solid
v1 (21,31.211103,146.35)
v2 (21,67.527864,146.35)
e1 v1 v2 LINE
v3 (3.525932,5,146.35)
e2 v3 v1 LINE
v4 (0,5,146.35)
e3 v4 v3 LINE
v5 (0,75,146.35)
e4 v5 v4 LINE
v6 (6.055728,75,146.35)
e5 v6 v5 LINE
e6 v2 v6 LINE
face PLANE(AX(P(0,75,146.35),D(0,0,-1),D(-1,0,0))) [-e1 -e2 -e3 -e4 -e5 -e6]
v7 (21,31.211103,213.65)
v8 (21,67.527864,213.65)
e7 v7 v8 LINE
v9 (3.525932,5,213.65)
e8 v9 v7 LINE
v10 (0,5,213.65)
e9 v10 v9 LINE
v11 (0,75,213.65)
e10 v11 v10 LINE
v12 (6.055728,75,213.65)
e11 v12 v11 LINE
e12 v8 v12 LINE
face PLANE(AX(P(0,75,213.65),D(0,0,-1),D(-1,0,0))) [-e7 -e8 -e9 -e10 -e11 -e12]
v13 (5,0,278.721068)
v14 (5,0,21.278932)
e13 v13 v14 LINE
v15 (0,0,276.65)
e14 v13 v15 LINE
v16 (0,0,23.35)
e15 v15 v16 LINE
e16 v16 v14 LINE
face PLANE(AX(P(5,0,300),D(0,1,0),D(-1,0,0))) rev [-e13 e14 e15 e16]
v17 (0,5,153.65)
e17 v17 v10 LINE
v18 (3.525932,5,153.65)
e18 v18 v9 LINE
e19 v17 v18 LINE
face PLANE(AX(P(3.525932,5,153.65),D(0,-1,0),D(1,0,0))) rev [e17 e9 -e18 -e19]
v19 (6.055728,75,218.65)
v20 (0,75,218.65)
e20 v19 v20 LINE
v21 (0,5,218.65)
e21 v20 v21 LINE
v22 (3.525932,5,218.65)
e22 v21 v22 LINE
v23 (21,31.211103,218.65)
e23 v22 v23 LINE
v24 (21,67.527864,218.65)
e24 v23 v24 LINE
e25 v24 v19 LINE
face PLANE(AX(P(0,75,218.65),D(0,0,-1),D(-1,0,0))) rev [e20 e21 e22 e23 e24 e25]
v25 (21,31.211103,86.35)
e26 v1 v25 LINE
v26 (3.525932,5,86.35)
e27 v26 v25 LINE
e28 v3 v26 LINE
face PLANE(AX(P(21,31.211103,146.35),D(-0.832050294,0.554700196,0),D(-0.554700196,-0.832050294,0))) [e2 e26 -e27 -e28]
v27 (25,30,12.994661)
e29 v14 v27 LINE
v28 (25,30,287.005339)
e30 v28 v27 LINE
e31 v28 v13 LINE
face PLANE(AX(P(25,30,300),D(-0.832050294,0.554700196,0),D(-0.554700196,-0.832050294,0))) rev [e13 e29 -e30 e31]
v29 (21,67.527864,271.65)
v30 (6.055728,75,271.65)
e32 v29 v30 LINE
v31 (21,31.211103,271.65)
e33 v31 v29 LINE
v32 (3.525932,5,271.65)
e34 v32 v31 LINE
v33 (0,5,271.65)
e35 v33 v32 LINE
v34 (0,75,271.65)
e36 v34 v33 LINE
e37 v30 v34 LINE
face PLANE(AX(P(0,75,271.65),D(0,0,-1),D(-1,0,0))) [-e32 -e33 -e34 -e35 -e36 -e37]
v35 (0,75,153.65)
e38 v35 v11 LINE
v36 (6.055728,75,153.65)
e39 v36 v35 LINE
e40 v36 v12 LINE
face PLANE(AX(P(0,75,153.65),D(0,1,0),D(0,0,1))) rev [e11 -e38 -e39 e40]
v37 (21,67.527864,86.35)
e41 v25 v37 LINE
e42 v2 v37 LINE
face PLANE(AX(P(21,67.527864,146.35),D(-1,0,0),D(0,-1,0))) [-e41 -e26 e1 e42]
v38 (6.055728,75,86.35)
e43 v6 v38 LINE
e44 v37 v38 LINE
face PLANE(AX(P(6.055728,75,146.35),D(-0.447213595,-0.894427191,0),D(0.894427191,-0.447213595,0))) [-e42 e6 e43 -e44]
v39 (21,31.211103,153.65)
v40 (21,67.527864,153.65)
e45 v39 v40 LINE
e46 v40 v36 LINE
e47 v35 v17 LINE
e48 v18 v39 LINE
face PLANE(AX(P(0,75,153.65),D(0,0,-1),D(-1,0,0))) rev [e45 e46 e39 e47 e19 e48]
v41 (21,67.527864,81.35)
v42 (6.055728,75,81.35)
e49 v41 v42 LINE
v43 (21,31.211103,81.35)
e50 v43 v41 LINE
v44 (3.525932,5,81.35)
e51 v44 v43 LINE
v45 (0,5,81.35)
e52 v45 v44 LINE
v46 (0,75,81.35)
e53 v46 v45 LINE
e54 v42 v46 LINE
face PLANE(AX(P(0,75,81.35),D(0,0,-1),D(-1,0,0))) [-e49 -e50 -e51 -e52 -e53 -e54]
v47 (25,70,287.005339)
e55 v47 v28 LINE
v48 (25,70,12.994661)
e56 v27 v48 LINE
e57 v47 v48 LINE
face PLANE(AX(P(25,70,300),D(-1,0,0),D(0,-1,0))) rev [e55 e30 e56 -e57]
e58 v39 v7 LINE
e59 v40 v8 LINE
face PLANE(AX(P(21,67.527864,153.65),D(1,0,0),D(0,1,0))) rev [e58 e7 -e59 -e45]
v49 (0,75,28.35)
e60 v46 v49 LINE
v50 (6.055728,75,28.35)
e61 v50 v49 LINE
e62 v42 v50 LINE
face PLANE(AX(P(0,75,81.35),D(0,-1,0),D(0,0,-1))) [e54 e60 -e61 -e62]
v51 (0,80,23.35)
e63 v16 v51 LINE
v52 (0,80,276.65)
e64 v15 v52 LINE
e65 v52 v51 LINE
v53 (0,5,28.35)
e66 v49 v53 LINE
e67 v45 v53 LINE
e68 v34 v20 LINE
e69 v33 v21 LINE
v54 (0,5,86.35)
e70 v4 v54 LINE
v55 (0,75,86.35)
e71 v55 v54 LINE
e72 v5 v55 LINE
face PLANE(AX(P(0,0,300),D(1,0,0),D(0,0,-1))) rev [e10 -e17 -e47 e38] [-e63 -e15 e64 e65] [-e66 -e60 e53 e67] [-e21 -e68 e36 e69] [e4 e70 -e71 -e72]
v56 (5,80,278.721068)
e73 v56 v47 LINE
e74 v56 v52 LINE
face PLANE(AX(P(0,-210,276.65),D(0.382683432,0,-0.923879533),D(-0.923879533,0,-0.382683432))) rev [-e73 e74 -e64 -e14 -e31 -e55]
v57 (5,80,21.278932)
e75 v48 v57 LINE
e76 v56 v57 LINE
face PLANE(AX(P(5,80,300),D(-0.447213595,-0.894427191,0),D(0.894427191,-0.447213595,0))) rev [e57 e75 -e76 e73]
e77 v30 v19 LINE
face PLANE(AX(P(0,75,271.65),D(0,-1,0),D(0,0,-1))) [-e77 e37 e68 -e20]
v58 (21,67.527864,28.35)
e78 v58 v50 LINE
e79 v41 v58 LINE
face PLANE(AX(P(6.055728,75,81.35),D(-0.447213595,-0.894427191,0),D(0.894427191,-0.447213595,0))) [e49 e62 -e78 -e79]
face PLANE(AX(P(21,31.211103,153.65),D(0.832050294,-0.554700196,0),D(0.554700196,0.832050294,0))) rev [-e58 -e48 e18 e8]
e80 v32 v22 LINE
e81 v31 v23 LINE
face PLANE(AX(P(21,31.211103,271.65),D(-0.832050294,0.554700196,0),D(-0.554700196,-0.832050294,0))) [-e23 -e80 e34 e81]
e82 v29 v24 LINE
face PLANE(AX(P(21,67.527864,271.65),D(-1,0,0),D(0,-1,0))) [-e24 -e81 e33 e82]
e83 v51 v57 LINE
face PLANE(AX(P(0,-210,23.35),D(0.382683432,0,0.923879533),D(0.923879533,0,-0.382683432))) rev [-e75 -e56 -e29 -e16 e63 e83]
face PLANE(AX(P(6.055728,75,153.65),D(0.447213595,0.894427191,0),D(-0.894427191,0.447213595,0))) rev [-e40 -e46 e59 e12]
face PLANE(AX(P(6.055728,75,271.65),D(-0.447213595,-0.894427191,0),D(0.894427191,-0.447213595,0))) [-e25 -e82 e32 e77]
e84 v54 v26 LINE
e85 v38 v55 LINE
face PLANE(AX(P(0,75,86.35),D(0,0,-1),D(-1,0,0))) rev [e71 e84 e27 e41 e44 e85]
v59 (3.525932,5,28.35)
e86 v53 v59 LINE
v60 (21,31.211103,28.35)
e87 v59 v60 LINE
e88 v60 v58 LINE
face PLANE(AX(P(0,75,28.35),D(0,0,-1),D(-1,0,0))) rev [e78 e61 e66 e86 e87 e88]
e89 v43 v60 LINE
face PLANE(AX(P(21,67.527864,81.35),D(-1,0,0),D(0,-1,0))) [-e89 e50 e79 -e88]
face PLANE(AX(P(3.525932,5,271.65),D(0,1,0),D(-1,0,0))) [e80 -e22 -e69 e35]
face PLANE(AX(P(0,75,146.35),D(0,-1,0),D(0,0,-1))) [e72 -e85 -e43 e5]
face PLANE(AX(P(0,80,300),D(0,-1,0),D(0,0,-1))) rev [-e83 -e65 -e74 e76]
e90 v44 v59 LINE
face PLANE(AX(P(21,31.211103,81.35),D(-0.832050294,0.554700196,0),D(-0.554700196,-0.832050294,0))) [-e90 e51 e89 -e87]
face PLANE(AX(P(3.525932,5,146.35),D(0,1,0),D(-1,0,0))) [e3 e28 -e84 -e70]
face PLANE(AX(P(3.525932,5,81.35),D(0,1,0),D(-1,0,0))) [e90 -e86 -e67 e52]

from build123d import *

# Parameters (mm, degrees)
EXTRUDE_1_DEPTH     = 300
CUT_EXTRUDE_1_DEPTH = 290
CUT_EXTRUDE_3_DEPTH = 53
CUT_EXTRUDE_4_DEPTH = 60
CUT_EXTRUDE_5_DEPTH = 53
CUT_EXTRUDE_6_DEPTH = 60


with BuildPart() as part:
    # 草图1 → 拉伸1 (new body)
    with BuildSketch(Plane.XY):
        Polygon((0, 0), (0, 80), (5, 80), (25, 70), (25, 30), (5, 0), align=None)
    extrude(amount=EXTRUDE_1_DEPTH)

    # 草图2 → 切除-拉伸1 (cut)
    with BuildSketch(Plane(origin=(0, 80, 0), x_dir=(-1, 0, 0), z_dir=(0, 1, 0))):
        Polygon((0, 276.65), (-136.816544737, 333.321268387), (0, 333.321268387), align=None)
        Polygon((0, 0), (0, 23.35), (-107.528203225, -21.189640114), (0, -21.189640114), align=None)
    extrude(amount=-CUT_EXTRUDE_1_DEPTH, mode=Mode.SUBTRACT)

    # 草图5 → 切除-拉伸3 (cut)
    with BuildSketch(Plane.XY.offset(28.35)):
        Polygon((0, 75), (6.05572809, 75), (21, 67.527864045), (21, 31.211102551), (3.525931633, 5), (0, 5), align=None)
    extrude(amount=CUT_EXTRUDE_3_DEPTH, mode=Mode.SUBTRACT)

    # 草图6 → 切除-拉伸4 (cut)
    with BuildSketch(Plane.XY.offset(86.35)):
        Polygon((0, 75), (6.05572809, 75), (21, 67.527864045), (21, 31.211102551), (3.525931633, 5), (0, 5), align=None)
    extrude(amount=CUT_EXTRUDE_4_DEPTH, mode=Mode.SUBTRACT)

    # 草图7 → 切除-拉伸5 (cut)
    with BuildSketch(Plane.XY.offset(218.65)):
        Polygon((0, 75), (6.05572809, 75), (21, 67.527864045), (21, 31.211102551), (3.525931633, 5), (0, 5), align=None)
    extrude(amount=CUT_EXTRUDE_5_DEPTH, mode=Mode.SUBTRACT)

    # 草图8 → 切除-拉伸6 (cut)
    with BuildSketch(Plane.XY.offset(213.65)):
        Polygon((0, 75), (6.05572809, 75), (21, 67.527864045), (21, 31.211102551), (3.525931633, 5), (0, 5), align=None)
    extrude(amount=-CUT_EXTRUDE_6_DEPTH, mode=Mode.SUBTRACT)


solid = part.part
